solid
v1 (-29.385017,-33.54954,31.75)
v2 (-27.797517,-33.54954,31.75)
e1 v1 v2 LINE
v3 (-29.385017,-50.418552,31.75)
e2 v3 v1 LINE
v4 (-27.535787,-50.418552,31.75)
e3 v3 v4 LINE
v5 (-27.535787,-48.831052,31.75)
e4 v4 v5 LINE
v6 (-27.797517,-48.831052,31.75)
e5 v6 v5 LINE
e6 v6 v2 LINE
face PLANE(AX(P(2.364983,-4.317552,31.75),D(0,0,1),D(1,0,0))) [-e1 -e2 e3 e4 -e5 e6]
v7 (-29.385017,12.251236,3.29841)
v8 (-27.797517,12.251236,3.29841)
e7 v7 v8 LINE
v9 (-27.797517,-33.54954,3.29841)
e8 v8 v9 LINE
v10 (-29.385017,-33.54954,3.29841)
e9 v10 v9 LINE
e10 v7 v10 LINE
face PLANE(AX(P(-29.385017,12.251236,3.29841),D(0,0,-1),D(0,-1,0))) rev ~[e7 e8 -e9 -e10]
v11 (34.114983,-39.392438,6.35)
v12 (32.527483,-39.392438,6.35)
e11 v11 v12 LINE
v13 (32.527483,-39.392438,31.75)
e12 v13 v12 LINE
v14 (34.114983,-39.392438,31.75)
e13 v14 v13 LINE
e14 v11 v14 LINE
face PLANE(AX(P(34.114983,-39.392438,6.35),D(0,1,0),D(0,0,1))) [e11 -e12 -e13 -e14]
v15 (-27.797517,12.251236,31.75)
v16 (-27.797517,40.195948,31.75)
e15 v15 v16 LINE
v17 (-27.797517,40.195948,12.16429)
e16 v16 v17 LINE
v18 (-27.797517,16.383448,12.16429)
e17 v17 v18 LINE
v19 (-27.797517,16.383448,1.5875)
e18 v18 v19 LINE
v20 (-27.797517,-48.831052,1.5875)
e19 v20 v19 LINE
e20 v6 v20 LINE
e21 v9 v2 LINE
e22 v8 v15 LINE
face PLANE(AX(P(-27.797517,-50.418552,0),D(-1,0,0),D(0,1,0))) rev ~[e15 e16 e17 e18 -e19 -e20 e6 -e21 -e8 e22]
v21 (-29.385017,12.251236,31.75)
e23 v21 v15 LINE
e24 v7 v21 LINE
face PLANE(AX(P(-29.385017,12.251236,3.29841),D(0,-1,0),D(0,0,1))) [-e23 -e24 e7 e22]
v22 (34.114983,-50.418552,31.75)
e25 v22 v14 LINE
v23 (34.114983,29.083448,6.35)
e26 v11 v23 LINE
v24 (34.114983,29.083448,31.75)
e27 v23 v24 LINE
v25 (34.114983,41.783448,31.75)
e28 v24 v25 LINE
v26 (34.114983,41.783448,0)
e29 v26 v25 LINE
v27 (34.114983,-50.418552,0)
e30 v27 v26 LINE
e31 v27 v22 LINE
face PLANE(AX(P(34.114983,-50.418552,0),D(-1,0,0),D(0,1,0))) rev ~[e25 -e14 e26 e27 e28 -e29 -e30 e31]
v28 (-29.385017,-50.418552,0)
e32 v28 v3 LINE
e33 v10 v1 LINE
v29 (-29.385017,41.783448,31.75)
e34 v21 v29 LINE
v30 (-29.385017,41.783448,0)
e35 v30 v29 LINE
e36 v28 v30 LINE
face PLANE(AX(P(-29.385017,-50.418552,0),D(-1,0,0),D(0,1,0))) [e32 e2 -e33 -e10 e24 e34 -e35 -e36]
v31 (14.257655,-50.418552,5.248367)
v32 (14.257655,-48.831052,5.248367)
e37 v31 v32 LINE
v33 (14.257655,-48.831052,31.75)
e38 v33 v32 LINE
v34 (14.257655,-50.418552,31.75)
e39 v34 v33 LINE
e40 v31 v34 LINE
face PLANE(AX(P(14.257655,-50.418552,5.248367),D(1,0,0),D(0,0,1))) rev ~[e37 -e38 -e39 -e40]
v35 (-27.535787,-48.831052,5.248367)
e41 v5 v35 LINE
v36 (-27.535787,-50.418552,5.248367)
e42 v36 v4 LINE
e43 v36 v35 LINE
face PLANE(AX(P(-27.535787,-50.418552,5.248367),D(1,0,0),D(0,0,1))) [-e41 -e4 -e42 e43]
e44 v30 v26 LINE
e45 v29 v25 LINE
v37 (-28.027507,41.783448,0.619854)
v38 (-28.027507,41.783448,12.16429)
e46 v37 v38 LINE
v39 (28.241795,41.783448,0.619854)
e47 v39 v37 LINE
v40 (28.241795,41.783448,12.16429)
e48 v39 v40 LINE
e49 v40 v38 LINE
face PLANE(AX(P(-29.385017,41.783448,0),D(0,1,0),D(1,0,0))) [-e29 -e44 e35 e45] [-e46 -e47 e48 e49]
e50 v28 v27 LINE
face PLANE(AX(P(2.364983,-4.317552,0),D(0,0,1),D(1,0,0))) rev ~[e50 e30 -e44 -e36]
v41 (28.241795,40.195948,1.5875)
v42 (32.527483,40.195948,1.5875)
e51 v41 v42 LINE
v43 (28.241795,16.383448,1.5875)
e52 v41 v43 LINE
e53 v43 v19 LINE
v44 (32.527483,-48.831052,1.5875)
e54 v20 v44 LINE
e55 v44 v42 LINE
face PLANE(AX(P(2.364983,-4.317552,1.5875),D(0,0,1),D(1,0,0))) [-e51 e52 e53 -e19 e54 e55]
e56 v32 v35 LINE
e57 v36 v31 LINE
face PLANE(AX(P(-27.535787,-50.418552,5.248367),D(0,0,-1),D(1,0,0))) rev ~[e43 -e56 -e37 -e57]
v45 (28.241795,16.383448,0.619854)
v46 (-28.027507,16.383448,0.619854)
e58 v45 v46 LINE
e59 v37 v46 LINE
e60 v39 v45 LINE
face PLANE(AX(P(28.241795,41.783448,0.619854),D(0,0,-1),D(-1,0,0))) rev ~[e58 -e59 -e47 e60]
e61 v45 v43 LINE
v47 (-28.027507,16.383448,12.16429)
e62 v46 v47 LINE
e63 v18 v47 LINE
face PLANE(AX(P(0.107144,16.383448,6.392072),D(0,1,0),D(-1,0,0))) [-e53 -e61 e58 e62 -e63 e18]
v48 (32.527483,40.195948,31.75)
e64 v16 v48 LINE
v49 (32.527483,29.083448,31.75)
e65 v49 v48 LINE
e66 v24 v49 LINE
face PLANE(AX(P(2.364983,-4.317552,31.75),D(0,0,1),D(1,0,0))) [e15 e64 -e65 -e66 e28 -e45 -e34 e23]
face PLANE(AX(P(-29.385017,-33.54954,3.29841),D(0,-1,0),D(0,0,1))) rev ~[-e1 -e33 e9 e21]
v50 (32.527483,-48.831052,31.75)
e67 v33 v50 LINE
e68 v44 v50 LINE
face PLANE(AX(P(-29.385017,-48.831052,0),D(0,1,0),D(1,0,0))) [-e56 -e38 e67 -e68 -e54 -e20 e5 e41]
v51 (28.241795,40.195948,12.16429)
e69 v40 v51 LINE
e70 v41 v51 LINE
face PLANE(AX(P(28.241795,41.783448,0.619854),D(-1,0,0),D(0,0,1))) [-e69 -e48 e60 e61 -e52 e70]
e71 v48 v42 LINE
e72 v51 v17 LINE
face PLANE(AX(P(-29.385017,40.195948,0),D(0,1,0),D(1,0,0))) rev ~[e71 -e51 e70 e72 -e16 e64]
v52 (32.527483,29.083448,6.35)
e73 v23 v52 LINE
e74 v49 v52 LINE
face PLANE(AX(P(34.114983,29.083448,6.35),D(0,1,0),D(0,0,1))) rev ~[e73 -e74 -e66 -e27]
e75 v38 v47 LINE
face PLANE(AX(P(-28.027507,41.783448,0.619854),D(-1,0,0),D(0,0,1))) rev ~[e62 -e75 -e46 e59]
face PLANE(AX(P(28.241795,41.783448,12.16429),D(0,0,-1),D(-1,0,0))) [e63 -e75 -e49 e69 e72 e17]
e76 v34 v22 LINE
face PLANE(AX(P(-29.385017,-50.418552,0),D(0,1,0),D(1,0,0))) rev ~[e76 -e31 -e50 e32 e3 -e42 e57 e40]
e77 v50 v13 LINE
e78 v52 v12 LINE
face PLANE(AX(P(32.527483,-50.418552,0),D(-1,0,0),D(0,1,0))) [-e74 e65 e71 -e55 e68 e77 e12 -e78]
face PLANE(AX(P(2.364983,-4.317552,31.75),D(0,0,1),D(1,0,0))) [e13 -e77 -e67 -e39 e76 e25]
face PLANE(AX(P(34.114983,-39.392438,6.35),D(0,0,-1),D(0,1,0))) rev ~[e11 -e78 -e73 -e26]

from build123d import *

# Parameters (mm, degrees)
F0_W      = 63.5
F0_H      = 92.202
F1_DEPTH  = 31.75
F2_T      = -1.5875
F3_W      = 68.475886
F3_H      = 25.4
F4_DEPTH  = 25.4
F5_W      = 41.793442
F5_H      = 26.501633
F6_DEPTH  = 25.4
F7_W      = 45.800777
F7_H      = 28.45159
F8_DEPTH  = 25.4
F9_W      = 56.269303
F9_H      = 11.544435
F10_DEPTH = 25.4


with BuildPart() as f1:
    # F0 (on Top) → F1 (new body)
    with BuildSketch(Plane.XY):
        with Locations((2.364983, -4.317552)):
            Rectangle(F0_W, F0_H)
    extrude(amount=F1_DEPTH)

    # F2
    f2_openings = [f1.faces().sort_by_distance(p)[0] for p in [
        (2.364983, -4.317552, 31.75),
    ]]
    offset(amount=F2_T, openings=f2_openings)

    # F3 (on face) → F4 (cut)
    with BuildSketch(Plane.YZ.offset(34.114983)):
        with Locations((-5.154495, 19.05)):
            Rectangle(F3_W, F3_H)
    extrude(amount=-F4_DEPTH, mode=Mode.SUBTRACT)

    # F5 (on face) → F6 (cut)
    with BuildSketch(Plane.XZ.offset(50.418552)):
        with Locations((-6.639066, 18.499184)):
            Rectangle(F5_W, F5_H)
    extrude(amount=-F6_DEPTH, mode=Mode.SUBTRACT)

    # F7 (on face) → F8 (cut)
    with BuildSketch(Plane(origin=(-29.385017, 0, 0), x_dir=(0, -1, 0), z_dir=(-1, 0, 0))):
        with Locations((10.649152, 17.524205)):
            Rectangle(F7_W, F7_H)
    extrude(amount=-F8_DEPTH, mode=Mode.SUBTRACT)

    # F9 (on face) → F10 (cut)
    with BuildSketch(Plane(origin=(0, 41.783448, 0), x_dir=(-1, 0, 0), z_dir=(0, 1, 0))):
        with Locations((-0.107144, 6.392072)):
            Rectangle(F9_W, F9_H)
    extrude(amount=-F10_DEPTH, mode=Mode.SUBTRACT)


solid = f1.part
